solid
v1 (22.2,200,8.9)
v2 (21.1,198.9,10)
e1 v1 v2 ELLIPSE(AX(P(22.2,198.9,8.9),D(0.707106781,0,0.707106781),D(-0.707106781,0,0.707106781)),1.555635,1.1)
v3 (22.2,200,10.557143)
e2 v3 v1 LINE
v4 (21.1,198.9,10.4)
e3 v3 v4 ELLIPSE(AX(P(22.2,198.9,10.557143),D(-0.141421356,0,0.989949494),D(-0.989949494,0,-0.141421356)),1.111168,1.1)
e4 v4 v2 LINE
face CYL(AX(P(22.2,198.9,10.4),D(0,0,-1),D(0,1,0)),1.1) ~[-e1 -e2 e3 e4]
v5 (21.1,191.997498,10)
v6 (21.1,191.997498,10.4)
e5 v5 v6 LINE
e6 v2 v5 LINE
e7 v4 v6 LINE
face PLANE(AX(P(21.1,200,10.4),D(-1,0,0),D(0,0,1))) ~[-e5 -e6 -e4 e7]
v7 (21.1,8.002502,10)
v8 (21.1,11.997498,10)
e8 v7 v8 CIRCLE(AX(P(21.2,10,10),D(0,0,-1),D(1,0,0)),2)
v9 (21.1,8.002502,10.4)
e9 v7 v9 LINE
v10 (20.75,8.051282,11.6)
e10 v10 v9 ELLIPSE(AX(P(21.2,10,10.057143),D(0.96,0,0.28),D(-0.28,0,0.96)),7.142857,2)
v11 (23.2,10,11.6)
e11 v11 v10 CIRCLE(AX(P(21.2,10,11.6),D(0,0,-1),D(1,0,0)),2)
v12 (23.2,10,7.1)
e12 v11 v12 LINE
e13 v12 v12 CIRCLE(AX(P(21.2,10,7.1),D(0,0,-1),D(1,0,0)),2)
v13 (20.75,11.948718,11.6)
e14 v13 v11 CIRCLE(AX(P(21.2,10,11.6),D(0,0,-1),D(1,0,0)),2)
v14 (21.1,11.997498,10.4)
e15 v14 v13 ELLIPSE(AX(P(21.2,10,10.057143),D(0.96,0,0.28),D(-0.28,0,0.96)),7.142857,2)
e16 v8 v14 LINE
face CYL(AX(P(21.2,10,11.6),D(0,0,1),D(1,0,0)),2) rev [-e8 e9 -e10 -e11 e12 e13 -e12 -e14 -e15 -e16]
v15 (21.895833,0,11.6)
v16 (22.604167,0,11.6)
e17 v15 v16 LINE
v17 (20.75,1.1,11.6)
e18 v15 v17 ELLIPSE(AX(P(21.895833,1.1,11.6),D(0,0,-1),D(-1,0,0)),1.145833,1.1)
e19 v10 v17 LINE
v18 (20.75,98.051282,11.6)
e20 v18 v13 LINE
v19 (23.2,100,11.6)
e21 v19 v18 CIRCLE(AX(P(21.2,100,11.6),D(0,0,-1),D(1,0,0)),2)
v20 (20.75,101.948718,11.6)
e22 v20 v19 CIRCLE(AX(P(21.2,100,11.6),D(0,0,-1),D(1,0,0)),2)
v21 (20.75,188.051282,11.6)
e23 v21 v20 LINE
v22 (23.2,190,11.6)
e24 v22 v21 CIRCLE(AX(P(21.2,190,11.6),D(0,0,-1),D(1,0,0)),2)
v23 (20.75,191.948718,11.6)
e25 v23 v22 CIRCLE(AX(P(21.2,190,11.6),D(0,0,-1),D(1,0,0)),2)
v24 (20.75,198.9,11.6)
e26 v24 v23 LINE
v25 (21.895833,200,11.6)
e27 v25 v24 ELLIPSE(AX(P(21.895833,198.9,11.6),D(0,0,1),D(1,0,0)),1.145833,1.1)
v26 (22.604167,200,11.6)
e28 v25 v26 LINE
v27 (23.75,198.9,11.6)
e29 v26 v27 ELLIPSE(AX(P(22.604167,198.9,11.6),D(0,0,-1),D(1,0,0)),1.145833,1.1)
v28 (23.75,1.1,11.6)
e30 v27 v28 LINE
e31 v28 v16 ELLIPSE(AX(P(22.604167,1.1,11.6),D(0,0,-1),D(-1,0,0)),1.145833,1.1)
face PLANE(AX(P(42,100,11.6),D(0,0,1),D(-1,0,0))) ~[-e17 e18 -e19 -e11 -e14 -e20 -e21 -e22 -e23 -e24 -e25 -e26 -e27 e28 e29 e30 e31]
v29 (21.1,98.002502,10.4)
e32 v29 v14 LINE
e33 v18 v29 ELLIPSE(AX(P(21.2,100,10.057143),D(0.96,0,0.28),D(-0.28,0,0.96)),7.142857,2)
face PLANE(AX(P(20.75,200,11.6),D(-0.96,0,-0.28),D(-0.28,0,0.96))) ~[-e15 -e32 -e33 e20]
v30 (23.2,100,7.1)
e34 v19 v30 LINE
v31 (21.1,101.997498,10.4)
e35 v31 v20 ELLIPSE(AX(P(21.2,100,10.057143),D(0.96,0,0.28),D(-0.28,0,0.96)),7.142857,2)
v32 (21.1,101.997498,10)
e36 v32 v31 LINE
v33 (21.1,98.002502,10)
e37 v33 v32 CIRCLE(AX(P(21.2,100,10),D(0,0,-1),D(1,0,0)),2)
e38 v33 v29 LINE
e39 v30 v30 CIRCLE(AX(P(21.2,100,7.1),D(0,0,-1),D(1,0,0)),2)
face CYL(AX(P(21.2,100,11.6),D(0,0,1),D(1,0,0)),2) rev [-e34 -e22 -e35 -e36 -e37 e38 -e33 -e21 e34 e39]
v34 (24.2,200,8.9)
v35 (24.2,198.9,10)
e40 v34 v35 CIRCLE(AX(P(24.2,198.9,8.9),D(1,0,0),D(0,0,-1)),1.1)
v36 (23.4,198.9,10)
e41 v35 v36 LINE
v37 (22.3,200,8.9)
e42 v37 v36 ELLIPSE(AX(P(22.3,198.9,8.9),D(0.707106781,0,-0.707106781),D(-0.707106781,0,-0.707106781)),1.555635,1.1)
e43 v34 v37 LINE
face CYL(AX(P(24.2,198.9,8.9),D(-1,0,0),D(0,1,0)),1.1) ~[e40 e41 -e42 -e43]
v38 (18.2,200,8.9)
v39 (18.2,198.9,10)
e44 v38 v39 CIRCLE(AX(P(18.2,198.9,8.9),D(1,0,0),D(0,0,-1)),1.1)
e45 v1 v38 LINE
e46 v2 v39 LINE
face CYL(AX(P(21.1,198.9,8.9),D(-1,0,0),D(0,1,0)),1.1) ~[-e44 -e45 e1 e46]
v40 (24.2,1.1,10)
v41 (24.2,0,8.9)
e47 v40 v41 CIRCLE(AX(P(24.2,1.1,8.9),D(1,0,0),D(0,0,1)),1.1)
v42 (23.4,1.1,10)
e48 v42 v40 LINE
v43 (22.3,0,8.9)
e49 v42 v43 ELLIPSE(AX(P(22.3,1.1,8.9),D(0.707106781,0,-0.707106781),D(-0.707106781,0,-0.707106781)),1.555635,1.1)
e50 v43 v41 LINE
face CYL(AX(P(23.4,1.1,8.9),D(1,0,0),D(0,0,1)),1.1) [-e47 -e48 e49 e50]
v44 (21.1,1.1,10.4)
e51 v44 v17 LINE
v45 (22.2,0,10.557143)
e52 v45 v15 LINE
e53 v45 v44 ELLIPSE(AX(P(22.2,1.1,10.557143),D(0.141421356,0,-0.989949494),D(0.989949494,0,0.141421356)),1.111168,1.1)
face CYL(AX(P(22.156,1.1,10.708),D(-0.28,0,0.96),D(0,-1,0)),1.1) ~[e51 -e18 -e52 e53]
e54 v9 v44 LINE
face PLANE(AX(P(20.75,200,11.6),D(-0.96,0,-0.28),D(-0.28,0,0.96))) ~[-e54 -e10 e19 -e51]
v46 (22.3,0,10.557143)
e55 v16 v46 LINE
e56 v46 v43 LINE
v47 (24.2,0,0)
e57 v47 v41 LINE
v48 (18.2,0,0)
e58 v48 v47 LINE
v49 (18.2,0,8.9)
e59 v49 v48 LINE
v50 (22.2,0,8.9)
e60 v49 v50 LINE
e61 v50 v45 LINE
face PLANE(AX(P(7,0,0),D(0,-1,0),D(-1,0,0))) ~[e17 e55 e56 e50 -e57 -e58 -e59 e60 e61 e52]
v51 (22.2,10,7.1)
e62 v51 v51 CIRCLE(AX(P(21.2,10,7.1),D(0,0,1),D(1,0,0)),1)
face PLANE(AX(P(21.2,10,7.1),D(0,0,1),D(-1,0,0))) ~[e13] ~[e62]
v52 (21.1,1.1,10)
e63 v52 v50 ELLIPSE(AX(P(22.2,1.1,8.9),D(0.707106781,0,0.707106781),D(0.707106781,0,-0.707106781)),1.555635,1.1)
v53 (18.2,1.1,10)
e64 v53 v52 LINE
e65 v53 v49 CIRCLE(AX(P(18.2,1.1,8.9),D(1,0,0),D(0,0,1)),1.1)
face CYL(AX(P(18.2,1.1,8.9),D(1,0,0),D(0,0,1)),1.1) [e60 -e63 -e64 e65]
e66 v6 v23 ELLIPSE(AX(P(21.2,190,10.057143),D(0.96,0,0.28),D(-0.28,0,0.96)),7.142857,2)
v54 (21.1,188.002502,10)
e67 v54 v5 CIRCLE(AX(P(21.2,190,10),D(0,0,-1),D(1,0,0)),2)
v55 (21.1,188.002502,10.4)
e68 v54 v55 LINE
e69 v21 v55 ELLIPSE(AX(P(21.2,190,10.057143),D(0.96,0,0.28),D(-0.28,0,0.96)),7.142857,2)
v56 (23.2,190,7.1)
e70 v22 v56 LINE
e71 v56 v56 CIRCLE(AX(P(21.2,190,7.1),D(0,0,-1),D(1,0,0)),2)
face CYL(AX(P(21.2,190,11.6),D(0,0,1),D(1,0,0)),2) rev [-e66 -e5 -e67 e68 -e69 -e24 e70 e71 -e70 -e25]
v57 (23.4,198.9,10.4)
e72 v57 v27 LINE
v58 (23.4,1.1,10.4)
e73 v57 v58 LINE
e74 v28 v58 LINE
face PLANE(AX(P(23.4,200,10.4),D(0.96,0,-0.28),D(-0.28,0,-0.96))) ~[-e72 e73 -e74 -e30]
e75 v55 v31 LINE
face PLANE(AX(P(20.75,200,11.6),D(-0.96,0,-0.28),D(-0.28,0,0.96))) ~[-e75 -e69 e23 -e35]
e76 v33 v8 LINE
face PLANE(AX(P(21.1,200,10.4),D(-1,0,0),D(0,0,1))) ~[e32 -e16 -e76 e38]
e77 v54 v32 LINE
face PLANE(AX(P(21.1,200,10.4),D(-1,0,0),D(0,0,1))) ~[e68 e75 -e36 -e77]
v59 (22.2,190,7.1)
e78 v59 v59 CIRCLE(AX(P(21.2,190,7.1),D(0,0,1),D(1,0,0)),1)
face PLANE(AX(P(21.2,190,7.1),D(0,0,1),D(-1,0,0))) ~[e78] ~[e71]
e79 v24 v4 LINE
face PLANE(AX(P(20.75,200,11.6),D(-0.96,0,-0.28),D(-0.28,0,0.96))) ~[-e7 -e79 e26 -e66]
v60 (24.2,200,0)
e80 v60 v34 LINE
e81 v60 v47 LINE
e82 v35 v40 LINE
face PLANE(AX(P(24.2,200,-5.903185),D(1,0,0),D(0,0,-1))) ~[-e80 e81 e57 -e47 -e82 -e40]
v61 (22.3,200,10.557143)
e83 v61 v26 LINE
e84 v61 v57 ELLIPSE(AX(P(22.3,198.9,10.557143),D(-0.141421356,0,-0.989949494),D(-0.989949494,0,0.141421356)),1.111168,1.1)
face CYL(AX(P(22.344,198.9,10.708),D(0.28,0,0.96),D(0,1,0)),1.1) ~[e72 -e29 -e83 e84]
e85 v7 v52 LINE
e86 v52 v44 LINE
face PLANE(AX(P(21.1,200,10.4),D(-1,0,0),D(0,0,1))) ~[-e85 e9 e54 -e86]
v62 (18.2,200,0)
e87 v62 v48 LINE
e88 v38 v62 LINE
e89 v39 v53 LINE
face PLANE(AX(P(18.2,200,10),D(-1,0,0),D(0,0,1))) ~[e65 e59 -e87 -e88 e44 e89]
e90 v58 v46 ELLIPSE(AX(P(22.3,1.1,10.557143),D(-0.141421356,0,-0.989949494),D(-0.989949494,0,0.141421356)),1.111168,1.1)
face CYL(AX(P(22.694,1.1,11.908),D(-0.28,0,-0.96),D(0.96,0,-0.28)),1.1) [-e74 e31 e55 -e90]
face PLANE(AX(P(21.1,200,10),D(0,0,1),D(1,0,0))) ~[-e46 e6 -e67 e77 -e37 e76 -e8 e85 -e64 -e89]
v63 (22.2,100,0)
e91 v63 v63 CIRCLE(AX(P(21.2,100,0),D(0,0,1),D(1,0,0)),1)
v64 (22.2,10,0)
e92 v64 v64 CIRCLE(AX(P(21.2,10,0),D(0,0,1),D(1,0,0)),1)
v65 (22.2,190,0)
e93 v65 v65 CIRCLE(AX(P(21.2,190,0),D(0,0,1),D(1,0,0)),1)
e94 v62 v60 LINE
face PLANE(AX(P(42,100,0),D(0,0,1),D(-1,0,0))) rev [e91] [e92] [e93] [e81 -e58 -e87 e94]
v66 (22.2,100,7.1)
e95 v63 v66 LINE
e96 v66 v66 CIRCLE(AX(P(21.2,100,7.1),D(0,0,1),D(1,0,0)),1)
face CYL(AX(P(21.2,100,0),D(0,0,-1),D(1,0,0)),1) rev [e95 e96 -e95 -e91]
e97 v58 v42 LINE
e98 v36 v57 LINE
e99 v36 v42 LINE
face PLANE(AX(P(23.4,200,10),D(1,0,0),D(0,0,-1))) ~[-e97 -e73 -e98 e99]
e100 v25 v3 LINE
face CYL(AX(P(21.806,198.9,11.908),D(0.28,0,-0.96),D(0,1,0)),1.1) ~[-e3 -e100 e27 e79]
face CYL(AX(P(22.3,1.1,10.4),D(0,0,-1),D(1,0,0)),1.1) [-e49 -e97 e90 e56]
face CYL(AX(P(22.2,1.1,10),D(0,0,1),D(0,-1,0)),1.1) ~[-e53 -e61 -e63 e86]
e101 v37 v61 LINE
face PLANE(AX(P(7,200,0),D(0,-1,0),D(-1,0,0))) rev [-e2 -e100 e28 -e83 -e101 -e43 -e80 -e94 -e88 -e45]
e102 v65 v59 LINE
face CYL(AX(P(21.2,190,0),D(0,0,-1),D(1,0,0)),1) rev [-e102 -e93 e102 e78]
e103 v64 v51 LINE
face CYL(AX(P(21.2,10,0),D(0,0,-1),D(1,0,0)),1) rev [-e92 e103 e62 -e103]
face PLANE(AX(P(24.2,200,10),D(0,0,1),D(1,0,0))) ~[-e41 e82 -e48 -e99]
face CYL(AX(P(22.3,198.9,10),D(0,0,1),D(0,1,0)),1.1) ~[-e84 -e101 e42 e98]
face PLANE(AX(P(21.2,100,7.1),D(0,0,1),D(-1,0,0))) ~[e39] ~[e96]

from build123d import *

# Parameters (mm, degrees)
BOX_W                             = 70
BOX_H                             = 200
BOX_DEPTH                         = 11.6
POCKET_DEPTH                      = 200.001
LINEARPATTERN_COUNT               = 5
LINEARPATTERN_PITCH               = 14.5
SKETCH_W                          = 82.408782
SKETCH_H                          = 38.885188
SKETCH_W_2                        = 6
SKETCH_H_2                        = 21.094656
POCKET001_DEPTH                   = 200.001
SKETCH003_R                       = 1
POCKET002_DEPTH                   = 5.201
SKETCH004_R                       = 1
POCKET003_DEPTH                   = 15
SKETCH005_R                       = 2
POCKET004_DEPTH                   = 4.5
FILLET_R                          = 1.1
PART_MIRRORING001_PLACEMENT_ANGLE = 180


with BuildPart() as fillet_body:
    # Box → Box (new body)
    with BuildSketch(Plane(origin=(-7.5, 0, 0), x_dir=(1, 0, 0), z_dir=(0, 0, 1))):
        with Locations((35, 100)):
            Rectangle(BOX_W, BOX_H)
    extrude(amount=BOX_DEPTH)

    # Sketch002 → Pocket (cut, through all)
    with BuildSketch(Plane(origin=(-7.5, 0, 0), x_dir=(1, 0, 0), z_dir=(0, -1, 0))):
        Polygon((14.1, 10), (11.2, 10), (11.2, 3), (2.7, 3), (2.7, 10), (1.9, 10), (1.9, 10.4), (2.25, 11.6), (13.75, 11.6), (14.1, 10.4), align=None)
    pocket = extrude(amount=-POCKET_DEPTH, mode=Mode.SUBTRACT)

    # LinearPattern: Pocket ×5
    with Locations(*[(i * LINEARPATTERN_PITCH, 0, 0) for i in range(1, LINEARPATTERN_COUNT)]):
        add(pocket, mode=Mode.SUBTRACT)

    # Sketch → Pocket001 (cut, through all)
    with BuildSketch(Plane(origin=(-7.5, 0, 0), x_dir=(1, 0, 0), z_dir=(0, -1, 0))):
        with Locations((35.413628, 6.289411)):
            Rectangle(SKETCH_W, SKETCH_H)
        with Locations((14.2, 4.644143)):
            Rectangle(SKETCH_W_2, SKETCH_H_2, mode=Mode.SUBTRACT)
    extrude(amount=-POCKET001_DEPTH, mode=Mode.SUBTRACT)

    # Sketch003 → Pocket002 (cut, through all)
    with BuildSketch(Plane.YZ.offset(8.9)):
        with Locations((21.45, -100)):
            Circle(SKETCH003_R)
        with Locations((21.45, -10)):
            Circle(SKETCH003_R)
        with Locations((21.45, -190)):
            Circle(SKETCH003_R)
    extrude(amount=-POCKET002_DEPTH, mode=Mode.SUBTRACT)

    # Sketch004 → Pocket003 (cut)
    with BuildSketch(Plane(origin=(-7.5, 0, 0), x_dir=(1, 0, 0), z_dir=(0, 0, -1))):
        with Locations((14.2, -190)):
            Circle(SKETCH004_R)
        with Locations((14.2, -100)):
            Circle(SKETCH004_R)
        with Locations((14.2, -10)):
            Circle(SKETCH004_R)
    extrude(amount=-POCKET003_DEPTH, mode=Mode.SUBTRACT)

    # Sketch005 → Pocket004 (cut)
    with BuildSketch(Plane(origin=(-7.5, 0, 11.6), x_dir=(1, 0, 0), z_dir=(0, 0, 1))):
        with Locations((14.2, 190)):
            Circle(SKETCH005_R)
        with Locations((14.2, 100)):
            Circle(SKETCH005_R)
        with Locations((14.2, 10)):
            Circle(SKETCH005_R)
    extrude(amount=-POCKET004_DEPTH, mode=Mode.SUBTRACT)

    # Fillet
    fillet_edges = [fillet_body.edges().sort_by_distance(p)[0] for p in [
        (5.15, 0, 10),
        (6.6, 0, 10.2),
        (6.425, 0, 11),
        (9.3, 0, 10),
        (8.9, 0, 10.2),
        (9.075, 0, 11),
        (5.15, 200, 10),
        (6.6, 200, 10.2),
        (6.425, 200, 11),
        (9.075, 200, 11),
        (8.9, 200, 10.2),
        (9.3, 200, 10),
    ]]
    fillet(fillet_edges, radius=FILLET_R)


with BuildPart() as part_mirroring001:
    # Part__Mirroring001: instance of Fillet body
    add(fillet_body.part.mirror(Plane(origin=(0, 0, 0), x_dir=(0, -1, 0), z_dir=(1, 0, 0))))


with BuildPart() as part_mirroring001_1:
    # Part__Mirroring001 placement: moved
    add(part_mirroring001.part.moved(Location((14.5, 200, 0))).rotate(Axis((14.5, 200, 0), (0, 0, 1)), PART_MIRRORING001_PLACEMENT_ANGLE))


solid = part_mirroring001_1.part
